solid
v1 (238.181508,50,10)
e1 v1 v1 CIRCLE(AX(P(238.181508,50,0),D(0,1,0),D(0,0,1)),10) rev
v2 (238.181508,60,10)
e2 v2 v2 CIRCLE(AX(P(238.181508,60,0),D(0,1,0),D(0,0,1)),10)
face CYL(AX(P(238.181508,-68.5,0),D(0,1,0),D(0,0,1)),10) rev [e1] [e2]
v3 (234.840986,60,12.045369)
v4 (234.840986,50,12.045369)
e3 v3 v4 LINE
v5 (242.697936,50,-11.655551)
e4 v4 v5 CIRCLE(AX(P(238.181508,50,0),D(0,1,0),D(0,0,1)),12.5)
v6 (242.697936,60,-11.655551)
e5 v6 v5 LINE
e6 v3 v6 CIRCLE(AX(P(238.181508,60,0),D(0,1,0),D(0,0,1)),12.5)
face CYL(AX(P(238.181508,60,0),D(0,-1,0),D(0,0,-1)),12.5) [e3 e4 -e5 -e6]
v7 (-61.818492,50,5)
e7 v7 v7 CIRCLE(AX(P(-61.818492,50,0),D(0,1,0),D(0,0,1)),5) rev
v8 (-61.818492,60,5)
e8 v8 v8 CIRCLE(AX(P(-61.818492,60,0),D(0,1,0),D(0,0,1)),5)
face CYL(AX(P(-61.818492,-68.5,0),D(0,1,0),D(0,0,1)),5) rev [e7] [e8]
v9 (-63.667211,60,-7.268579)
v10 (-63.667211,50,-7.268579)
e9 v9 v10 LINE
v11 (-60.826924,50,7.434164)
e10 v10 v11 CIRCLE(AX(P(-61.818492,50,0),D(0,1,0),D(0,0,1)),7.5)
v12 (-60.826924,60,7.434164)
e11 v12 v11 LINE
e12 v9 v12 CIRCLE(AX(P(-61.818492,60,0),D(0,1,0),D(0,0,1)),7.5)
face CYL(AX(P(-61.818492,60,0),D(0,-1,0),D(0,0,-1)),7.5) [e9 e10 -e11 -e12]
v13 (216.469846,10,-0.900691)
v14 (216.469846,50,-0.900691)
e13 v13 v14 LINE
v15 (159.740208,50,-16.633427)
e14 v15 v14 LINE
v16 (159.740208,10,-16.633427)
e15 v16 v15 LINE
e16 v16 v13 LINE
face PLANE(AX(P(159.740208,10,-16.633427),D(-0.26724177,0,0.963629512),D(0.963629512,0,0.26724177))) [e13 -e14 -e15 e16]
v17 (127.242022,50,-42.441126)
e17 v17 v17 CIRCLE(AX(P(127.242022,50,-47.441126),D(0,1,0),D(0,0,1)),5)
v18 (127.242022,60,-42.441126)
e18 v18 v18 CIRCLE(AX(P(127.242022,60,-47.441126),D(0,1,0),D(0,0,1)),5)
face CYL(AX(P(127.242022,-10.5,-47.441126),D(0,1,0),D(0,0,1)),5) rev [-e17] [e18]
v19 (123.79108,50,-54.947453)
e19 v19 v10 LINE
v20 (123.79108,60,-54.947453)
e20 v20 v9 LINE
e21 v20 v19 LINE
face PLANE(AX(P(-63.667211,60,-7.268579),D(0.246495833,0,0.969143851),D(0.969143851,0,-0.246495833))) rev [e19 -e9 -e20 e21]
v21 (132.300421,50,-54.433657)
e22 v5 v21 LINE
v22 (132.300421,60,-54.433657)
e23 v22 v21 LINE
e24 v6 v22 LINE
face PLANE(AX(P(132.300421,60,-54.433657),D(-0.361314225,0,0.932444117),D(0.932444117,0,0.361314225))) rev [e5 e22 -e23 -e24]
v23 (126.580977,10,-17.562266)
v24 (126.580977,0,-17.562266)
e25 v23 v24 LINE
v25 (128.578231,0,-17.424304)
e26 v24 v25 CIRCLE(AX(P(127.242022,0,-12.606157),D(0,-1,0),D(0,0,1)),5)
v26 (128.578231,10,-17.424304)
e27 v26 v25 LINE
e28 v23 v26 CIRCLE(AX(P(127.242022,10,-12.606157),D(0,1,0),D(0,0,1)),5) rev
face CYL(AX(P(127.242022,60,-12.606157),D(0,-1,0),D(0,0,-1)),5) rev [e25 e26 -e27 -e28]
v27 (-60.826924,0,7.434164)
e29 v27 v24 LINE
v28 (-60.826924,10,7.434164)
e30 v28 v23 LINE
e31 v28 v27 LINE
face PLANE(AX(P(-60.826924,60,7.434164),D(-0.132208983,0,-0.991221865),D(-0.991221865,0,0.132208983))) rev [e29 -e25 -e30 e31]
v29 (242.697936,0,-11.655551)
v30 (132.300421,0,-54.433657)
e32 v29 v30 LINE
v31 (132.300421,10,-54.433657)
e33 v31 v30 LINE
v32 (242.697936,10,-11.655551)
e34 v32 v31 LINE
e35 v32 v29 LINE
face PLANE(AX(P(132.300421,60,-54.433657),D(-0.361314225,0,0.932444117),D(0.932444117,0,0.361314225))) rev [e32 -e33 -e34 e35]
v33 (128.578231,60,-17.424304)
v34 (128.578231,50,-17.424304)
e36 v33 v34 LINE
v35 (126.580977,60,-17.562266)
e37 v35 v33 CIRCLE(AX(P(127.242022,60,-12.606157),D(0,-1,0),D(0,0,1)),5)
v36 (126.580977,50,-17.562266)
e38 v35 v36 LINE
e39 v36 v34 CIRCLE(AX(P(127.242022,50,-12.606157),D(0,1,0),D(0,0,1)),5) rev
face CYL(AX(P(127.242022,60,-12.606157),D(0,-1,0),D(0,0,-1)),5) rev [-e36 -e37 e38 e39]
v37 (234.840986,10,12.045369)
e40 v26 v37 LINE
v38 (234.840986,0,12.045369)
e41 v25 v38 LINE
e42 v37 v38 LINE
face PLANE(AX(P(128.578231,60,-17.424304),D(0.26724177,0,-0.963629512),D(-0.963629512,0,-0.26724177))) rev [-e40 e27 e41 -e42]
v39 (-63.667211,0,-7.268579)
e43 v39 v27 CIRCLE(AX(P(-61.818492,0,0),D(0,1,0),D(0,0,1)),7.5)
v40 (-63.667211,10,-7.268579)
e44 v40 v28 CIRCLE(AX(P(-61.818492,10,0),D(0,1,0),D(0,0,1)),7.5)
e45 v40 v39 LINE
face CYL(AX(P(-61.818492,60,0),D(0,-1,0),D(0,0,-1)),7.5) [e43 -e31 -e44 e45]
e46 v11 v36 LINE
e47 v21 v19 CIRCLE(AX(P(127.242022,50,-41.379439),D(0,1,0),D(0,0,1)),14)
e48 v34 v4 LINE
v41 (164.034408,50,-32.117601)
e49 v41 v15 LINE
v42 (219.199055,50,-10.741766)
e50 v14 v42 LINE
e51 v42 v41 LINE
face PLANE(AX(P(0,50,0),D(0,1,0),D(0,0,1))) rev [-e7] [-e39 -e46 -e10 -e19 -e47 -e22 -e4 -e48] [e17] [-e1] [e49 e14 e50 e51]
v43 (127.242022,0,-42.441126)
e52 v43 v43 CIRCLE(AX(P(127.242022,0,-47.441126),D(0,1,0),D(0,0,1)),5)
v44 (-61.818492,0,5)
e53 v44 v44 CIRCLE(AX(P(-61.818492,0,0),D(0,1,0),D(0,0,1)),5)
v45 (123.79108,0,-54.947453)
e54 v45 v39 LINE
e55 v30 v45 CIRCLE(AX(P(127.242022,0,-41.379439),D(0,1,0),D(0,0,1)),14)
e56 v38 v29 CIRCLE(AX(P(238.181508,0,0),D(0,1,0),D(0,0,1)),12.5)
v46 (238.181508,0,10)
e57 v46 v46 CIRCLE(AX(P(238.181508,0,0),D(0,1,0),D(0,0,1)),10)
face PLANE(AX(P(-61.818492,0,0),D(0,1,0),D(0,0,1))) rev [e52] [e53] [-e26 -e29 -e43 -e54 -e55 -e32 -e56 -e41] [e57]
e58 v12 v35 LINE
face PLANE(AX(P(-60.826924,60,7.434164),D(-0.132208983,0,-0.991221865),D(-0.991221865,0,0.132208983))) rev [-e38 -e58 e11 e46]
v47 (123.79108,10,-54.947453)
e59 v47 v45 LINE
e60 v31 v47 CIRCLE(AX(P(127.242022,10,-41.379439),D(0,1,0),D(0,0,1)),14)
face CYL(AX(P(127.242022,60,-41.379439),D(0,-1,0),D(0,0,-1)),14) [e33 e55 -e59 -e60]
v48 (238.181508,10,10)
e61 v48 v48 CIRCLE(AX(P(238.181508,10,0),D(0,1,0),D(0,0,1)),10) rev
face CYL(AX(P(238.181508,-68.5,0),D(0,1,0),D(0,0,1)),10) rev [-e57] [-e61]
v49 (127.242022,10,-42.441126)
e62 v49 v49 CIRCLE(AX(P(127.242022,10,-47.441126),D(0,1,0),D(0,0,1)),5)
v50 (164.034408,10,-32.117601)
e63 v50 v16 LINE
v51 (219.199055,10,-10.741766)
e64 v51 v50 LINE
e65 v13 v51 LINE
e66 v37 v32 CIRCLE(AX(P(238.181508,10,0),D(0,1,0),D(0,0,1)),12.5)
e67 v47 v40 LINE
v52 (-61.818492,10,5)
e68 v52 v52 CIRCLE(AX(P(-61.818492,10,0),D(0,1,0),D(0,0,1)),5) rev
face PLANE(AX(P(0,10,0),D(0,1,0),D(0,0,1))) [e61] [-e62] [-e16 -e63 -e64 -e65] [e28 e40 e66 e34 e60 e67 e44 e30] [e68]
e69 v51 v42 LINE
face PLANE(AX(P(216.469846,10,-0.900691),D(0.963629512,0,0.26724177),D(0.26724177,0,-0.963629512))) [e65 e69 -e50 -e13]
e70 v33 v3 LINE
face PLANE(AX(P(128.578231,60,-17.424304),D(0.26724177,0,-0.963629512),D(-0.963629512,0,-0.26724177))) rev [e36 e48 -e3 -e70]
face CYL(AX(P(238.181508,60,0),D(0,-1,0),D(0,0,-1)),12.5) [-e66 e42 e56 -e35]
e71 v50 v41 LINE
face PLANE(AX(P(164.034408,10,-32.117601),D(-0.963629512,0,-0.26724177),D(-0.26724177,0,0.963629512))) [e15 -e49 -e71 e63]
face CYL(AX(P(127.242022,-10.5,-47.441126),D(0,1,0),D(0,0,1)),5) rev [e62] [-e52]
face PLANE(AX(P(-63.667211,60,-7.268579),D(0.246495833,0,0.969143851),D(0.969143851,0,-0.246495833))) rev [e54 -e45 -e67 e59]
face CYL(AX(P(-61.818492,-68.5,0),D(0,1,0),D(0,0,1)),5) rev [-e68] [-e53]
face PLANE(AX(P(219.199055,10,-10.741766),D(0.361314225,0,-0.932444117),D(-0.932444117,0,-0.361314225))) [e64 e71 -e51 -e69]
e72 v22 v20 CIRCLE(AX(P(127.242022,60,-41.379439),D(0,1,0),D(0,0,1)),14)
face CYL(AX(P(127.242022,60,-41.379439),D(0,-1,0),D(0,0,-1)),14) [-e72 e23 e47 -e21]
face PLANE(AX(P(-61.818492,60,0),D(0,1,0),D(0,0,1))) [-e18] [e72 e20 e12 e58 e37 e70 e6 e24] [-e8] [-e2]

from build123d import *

# Parameters (mm, degrees)
BOSS_EXTRUDE3_DEPTH = 60
SKETCH4_R           = 10
SKETCH4_R_2         = 5
CUT_EXTRUDE2_DEPTH  = 98.5
SKETCH5_W           = 377.10594696
SKETCH5_H           = 125.451579965
CUT_EXTRUDE3_DEPTH  = 20
SKETCH6_R           = 5
CUT_EXTRUDE4_DEPTH  = 40.5


with BuildPart() as part:
    # Sketch1 → Boss-Extrude3 (new body)
    with BuildSketch(Plane(origin=(0, 0, 0), x_dir=(1, 0, 0), z_dir=(0, 1, 0))):
        with BuildLine():
            Line((-63.667210577, 7.268578883), (123.791080386, 54.947452974))
            ThreePointArc((123.791080386, 54.947452974), (128.085809082, 55.353988191), (132.30042121, 54.43365669))
            Line((132.30042121, 54.43365669), (242.697935991, 11.655551457))
            ThreePointArc((242.697935991, 11.655551457), (250.046544834, -3.933307136), (234.840986043, -12.045368899))
            Line((234.840986043, -12.045368899), (128.578230905, 17.424304308))
            ThreePointArc((128.578230905, 17.424304308), (127.586579666, 17.594270625), (126.58097714, 17.562266071))
            Line((126.58097714, 17.562266071), (-60.826924457, -7.434163985))
            ThreePointArc((-60.826924457, -7.434163985), (-69.182345376, -1.422554364), (-63.667210577, 7.268578883))
        make_face()
    extrude(amount=BOSS_EXTRUDE3_DEPTH)

    # Sketch4 → Cut-Extrude2 (cut, symmetric)
    with BuildSketch(Plane(origin=(0, 30, 0), x_dir=(1, 0, 0), z_dir=(0, 1, 0))):
        with Locations(Location((238.181508173, 0, 0), (0, 0, 270))):
            Circle(SKETCH4_R)
        with Locations(Location((-61.818491827, 0, 0), (0, 0, 270))):
            Circle(SKETCH4_R_2)
    extrude(amount=CUT_EXTRUDE2_DEPTH, both=True, mode=Mode.SUBTRACT)

    # Sketch5 → Cut-Extrude3 (cut, symmetric)
    with BuildSketch(Plane(origin=(0, 30, 0), x_dir=(1, 0, 0), z_dir=(0, 1, 0))):
        with Locations((90.046698809, 24.704131579)):
            Rectangle(SKETCH5_W, SKETCH5_H)
        Polygon((159.740207612, 16.633427142), (216.469846148, 0.900690808), (219.199055149, 10.741765928), (164.034407851, 32.117601172), align=None, mode=Mode.SUBTRACT)
    extrude(amount=CUT_EXTRUDE3_DEPTH, both=True, mode=Mode.SUBTRACT)

    # Sketch6 → Cut-Extrude4 (cut, symmetric)
    with BuildSketch(Plane(origin=(0, 30, 0), x_dir=(1, 0, 0), z_dir=(0, 1, 0))):
        with Locations(Location((127.242022054, 47.44112623, 0), (0, 0, 270))):
            Circle(SKETCH6_R)
    extrude(amount=CUT_EXTRUDE4_DEPTH, both=True, mode=Mode.SUBTRACT)


solid = part.part
